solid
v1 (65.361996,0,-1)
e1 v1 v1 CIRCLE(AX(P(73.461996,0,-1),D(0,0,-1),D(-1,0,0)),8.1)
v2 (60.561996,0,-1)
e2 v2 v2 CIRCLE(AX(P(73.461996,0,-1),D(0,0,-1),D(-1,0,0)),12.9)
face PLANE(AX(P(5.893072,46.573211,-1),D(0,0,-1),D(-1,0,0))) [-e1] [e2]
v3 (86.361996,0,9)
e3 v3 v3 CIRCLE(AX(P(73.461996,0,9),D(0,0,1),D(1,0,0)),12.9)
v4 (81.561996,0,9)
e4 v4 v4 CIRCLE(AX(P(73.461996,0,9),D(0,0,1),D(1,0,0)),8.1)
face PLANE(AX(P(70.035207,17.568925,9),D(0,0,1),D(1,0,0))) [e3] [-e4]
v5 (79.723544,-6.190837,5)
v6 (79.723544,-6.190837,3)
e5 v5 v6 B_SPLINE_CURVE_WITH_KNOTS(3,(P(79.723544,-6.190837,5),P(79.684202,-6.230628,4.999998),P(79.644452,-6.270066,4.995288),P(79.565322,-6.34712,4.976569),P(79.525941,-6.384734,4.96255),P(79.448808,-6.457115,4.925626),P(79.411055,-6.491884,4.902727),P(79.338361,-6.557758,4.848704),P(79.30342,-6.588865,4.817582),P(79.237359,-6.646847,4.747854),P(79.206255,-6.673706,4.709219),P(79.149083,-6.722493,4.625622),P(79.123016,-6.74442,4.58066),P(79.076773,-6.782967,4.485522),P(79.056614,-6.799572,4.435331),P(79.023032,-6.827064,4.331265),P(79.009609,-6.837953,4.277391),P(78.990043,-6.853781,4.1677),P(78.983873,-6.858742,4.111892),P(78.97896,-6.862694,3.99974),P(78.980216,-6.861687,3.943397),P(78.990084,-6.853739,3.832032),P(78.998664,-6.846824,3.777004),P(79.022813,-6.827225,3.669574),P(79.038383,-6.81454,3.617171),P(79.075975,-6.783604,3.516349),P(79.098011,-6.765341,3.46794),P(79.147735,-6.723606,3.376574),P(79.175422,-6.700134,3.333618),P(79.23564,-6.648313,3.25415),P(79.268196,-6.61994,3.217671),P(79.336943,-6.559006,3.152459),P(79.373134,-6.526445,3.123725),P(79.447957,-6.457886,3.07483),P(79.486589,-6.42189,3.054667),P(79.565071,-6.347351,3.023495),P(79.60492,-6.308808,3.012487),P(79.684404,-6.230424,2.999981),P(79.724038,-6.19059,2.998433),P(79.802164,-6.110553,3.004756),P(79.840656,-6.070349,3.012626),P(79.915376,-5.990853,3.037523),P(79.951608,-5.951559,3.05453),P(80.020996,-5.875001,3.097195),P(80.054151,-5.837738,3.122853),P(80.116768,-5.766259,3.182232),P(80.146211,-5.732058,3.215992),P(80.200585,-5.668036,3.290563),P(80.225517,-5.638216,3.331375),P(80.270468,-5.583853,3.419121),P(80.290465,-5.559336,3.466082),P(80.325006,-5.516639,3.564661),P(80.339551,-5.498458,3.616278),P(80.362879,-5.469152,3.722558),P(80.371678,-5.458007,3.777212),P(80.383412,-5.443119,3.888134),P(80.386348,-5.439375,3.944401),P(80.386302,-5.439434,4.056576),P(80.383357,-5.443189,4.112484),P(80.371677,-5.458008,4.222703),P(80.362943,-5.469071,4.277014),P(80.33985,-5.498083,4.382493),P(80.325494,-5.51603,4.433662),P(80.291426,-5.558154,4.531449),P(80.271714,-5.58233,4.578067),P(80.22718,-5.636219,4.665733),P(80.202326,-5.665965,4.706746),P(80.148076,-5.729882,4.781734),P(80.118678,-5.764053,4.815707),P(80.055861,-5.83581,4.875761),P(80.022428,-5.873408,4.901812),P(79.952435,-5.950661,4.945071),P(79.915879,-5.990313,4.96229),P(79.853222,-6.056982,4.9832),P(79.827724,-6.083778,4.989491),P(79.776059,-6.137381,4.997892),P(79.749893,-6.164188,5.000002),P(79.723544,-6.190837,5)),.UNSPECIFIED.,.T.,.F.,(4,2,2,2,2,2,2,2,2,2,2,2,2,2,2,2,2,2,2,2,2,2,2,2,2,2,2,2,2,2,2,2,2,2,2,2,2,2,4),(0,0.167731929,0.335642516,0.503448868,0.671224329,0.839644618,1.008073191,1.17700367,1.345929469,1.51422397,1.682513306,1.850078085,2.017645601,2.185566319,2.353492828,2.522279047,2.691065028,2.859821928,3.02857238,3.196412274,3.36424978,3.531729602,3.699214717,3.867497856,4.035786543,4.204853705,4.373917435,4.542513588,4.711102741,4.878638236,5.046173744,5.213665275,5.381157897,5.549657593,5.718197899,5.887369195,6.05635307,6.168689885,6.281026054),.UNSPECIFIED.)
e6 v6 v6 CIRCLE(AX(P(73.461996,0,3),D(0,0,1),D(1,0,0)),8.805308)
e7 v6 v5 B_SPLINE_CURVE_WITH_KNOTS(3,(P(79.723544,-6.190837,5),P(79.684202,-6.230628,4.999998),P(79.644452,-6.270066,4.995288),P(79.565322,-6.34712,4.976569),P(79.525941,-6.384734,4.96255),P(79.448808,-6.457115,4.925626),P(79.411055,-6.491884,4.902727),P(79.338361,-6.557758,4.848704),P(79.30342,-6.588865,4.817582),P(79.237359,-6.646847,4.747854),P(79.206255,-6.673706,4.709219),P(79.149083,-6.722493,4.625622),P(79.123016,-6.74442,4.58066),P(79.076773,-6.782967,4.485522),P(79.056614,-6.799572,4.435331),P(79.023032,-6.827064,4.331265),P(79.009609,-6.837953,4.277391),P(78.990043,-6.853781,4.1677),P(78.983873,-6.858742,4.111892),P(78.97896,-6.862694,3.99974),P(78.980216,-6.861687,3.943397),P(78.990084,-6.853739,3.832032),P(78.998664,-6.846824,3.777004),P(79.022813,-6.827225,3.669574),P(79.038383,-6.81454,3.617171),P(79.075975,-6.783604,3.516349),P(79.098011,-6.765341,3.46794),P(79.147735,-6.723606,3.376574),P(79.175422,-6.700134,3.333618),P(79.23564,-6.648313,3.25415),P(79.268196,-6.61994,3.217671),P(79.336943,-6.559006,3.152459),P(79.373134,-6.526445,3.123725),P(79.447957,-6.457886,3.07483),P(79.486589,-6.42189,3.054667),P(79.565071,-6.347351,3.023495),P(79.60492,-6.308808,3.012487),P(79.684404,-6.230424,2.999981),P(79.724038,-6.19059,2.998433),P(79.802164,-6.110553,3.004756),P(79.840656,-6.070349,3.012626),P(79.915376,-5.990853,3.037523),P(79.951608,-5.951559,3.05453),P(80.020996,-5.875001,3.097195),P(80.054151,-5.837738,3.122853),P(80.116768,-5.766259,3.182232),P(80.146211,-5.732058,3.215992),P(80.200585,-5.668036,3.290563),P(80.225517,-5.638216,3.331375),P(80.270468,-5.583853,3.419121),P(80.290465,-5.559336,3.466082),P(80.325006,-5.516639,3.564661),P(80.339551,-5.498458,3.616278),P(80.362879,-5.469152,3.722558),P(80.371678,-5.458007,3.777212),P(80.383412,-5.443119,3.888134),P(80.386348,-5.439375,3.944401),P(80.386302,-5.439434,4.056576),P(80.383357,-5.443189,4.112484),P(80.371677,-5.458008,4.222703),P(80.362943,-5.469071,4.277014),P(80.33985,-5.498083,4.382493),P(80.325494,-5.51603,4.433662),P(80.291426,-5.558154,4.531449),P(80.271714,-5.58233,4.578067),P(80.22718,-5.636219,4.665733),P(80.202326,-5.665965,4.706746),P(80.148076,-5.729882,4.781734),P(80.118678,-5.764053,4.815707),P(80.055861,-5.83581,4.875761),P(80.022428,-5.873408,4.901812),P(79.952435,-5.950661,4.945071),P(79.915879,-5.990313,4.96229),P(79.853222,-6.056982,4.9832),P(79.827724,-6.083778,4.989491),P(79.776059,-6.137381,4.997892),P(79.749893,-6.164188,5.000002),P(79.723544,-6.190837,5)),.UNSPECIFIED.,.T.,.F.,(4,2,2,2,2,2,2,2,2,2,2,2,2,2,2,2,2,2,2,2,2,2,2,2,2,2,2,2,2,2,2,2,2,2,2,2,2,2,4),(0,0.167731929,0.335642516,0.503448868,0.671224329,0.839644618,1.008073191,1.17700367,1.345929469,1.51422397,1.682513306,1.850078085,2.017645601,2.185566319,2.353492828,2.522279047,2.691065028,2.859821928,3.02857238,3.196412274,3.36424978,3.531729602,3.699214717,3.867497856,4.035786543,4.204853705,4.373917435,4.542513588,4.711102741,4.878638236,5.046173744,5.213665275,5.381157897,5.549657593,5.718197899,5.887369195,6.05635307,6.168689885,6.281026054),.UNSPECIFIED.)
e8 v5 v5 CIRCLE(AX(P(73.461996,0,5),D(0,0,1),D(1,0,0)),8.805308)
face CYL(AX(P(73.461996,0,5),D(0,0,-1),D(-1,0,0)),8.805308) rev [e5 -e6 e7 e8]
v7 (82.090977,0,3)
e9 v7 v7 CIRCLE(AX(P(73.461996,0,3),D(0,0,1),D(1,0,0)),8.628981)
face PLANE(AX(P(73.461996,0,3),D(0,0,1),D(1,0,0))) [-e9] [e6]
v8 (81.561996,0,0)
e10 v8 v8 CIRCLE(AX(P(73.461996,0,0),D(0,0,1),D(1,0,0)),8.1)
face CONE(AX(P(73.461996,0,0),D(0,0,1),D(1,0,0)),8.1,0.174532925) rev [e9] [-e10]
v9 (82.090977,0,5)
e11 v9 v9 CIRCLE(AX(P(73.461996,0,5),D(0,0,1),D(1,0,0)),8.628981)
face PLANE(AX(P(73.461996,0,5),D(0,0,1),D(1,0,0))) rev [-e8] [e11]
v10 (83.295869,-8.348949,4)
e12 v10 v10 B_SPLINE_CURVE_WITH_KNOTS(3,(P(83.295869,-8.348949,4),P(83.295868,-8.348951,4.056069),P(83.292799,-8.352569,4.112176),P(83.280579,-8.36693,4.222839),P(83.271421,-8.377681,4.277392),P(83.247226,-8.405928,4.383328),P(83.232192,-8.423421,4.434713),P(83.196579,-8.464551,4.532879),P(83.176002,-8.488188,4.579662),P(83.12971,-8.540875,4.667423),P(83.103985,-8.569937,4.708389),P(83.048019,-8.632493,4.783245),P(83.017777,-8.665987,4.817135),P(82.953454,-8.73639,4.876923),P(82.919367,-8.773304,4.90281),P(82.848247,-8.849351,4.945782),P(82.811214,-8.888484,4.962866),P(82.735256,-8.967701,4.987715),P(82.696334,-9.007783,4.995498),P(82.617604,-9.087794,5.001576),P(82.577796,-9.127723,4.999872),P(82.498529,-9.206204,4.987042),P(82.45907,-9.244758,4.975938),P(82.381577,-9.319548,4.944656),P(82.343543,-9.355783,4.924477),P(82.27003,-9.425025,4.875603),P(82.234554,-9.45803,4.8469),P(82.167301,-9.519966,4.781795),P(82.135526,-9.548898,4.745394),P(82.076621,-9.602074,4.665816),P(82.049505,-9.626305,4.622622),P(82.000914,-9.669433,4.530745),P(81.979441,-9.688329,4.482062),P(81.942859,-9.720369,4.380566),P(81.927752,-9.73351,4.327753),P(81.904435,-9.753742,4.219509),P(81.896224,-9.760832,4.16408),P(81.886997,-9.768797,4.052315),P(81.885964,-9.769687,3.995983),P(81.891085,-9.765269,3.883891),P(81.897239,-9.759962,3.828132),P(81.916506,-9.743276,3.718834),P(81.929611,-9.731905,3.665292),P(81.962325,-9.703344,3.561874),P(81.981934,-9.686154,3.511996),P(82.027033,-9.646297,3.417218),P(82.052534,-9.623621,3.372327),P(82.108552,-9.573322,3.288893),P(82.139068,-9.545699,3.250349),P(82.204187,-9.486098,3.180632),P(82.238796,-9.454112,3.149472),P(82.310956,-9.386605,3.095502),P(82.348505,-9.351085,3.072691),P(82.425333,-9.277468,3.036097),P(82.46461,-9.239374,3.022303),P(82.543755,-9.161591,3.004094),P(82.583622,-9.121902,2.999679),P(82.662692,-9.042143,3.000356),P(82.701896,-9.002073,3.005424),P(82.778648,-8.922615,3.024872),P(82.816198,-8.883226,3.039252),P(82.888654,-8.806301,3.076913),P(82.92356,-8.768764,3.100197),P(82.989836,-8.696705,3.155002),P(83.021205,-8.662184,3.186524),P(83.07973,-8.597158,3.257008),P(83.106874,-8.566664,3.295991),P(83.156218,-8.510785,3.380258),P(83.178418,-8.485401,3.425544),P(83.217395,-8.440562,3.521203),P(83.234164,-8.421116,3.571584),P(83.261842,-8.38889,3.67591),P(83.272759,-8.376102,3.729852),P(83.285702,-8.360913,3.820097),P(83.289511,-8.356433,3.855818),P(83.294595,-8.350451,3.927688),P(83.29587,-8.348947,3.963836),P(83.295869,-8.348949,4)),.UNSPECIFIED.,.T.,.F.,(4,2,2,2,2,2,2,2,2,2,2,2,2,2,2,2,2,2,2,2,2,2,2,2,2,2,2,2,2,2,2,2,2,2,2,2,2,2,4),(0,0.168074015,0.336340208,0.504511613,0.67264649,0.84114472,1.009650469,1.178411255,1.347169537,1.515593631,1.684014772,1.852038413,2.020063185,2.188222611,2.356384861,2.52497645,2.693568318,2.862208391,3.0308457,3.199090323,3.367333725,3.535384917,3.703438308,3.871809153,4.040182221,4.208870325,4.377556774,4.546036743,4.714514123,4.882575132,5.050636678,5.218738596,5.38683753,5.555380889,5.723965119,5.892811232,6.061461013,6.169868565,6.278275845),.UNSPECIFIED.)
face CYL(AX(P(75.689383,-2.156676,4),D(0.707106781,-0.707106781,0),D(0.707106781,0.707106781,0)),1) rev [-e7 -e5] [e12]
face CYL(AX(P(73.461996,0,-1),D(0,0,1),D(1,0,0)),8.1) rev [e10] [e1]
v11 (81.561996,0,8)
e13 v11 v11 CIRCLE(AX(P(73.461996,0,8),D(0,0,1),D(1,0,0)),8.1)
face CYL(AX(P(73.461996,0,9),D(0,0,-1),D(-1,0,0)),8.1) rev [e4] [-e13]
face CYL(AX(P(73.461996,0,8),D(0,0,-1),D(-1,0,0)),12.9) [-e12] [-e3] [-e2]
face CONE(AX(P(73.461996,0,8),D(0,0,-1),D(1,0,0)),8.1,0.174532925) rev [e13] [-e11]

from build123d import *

# Parameters (mm, degrees)
SKETCH1_R               = 12.9
SKETCH1_R_2             = 8.1
BOSS_EXTRUDE1_DEPTH     = 8
CUT_EXTRUDE1_DEPTH      = 1
CUT_EXTRUDE1_DEPTH_BACK = 1
SKETCH3_R               = 8.805307923
SKETCH4_R               = 1
CUT_EXTRUDE2_DEPTH      = 6
FILLET1_R               = 3
FILLET2_R               = 5
SKETCH5_R               = 1
CUT_EXTRUDE3_DEPTH      = 10
DRAFT4_ANGLE            = -10
DRAFT6_ANGLE            = -10
SKETCH6_R               = 1
CUT_EXTRUDE4_DEPTH      = 10
BOSS_EXTRUDE3_START     = 1
SKETCH7_R               = 8.1
BOSS_EXTRUDE3_DEPTH     = 1
SKETCH11_R              = 8.1
BOSS_EXTRUDE4_DEPTH     = 1
SKETCH12_OUTSIDE_W      = 157.242
SKETCH12_OUTSIDE_H      = 107.242
SKETCH12_OUTSIDE_R      = 12.9
CUT_EXTRUDE5_DEPTH      = 108.3070569


with BuildPart() as part:
    # Sketch1 → Boss-Extrude1 (new body)
    # profile 1 of 8: a face of its own
    with BuildSketch(Plane.XY):
        with Locations((-26.538003558, 0)):
            Circle(SKETCH1_R)
        with Locations((-26.538003558, 0)):
            Circle(SKETCH1_R_2, mode=Mode.SUBTRACT)
    # profile 2 of 8: a face of its own
    with BuildSketch(Plane.XY):
        with BuildLine():
            ThreePointArc((-21.664910941, 11.944160429), (-17.46502072, 9.170113544), (-14.646409889, 5))
            Line((-14.646409889, 5), (-14.466935746, 5))
            Line((-14.466935746, 5), (18.588903825, 38.055839571))
            ThreePointArc((18.588903825, 38.055839571), (14.340318965, 40.878322523), (11.517836013, 45.126907383))
            Line((11.517836013, 45.126907383), (-21.664910941, 11.944160429))
        make_face()
    # profile 3 of 8: a face of its own
    with BuildSketch(Plane.XY):
        with BuildLine():
            Line((-14.466935746, 5), (-14.646409889, 5))
            ThreePointArc((-14.646409889, 5), (-14.619957589, 4.936616278), (-14.593843129, 4.873092617))
            Line((-14.593843129, 4.873092617), (-14.466935746, 5))
        make_face()
    # profile 4 of 8: a face of its own
    with BuildSketch(Plane.XY):
        with BuildLine():
            Line((61.39092863, 5), (-14.466935746, 5))
            Line((-14.466935746, 5), (-14.593843129, 4.873092617))
            ThreePointArc((-14.593843129, 4.873092617), (-13.879218673, 2.482975077), (-13.638003558, 0))
            ThreePointArc((-13.638003558, 0), (-13.892617871, -2.550337396), (-14.646409889, -5))
            Line((-14.646409889, -5), (61.570402773, -5))
            ThreePointArc((61.570402773, -5), (60.56217928, -0.068681781), (61.517836013, 4.873092617))
            Line((61.517836013, 4.873092617), (61.39092863, 5))
        make_face()
    # profile 5 of 8: a face of its own
    with BuildSketch(Plane.XY):
        with Locations((23.461996442, 50)):
            Circle(SKETCH1_R)
        with Locations((23.461996442, 50)):
            Circle(SKETCH1_R_2, mode=Mode.SUBTRACT)
    # profile 6 of 8: a face of its own
    with BuildSketch(Plane.XY):
        with BuildLine():
            Line((28.335089059, 38.055839571), (61.39092863, 5))
            Line((61.39092863, 5), (61.570402773, 5))
            ThreePointArc((61.570402773, 5), (64.389013604, 9.170113544), (68.588903825, 11.944160429))
            Line((68.588903825, 11.944160429), (35.406156871, 45.126907383))
            ThreePointArc((35.406156871, 45.126907383), (32.583673919, 40.878322523), (28.335089059, 38.055839571))
        make_face()
    # profile 7 of 8: a face of its own
    with BuildSketch(Plane.XY):
        with Locations((73.461996442, 0)):
            Circle(SKETCH1_R)
        with Locations((73.461996442, 0)):
            Circle(SKETCH1_R_2, mode=Mode.SUBTRACT)
    # profile 8 of 8: a face of its own
    with BuildSketch(Plane.XY):
        with BuildLine():
            Line((61.570402773, 5), (61.39092863, 5))
            Line((61.39092863, 5), (61.517836013, 4.873092617))
            ThreePointArc((61.517836013, 4.873092617), (61.543950473, 4.936616278), (61.570402773, 5))
        make_face()
    extrude(amount=BOSS_EXTRUDE1_DEPTH)

    # Sketch3 → Cut-Extrude1 (cut, two sides: drawn at the far end of the back side and taken through both)
    with BuildSketch(Plane.XY.offset(4).offset(-CUT_EXTRUDE1_DEPTH_BACK)):
        with Locations((-26.538003558, 0)):
            Circle(SKETCH3_R)
        with Locations((23.461996442, 50)):
            Circle(SKETCH3_R)
        with Locations((73.461996442, 0)):
            Circle(SKETCH3_R)
    extrude(amount=CUT_EXTRUDE1_DEPTH + CUT_EXTRUDE1_DEPTH_BACK, mode=Mode.SUBTRACT)

    # Sketch4 → Cut-Extrude2 (cut)
    with BuildSketch(Plane(origin=(0, 63.1, 0), x_dir=(-1, 0, 0), z_dir=(0, -1, 0))):
        with Locations(Location((-23.511996442, -4, 0), (0, 0, 270))):
            Circle(SKETCH4_R)
    extrude(amount=CUT_EXTRUDE2_DEPTH, mode=Mode.SUBTRACT)

    # Fillet1
    fillet1_edges = [part.edges().sort_by_distance(p)[0] for p in [
        (61.39092863, 5, 4),
        (28.335089059, 38.055839571, 4),
        (18.588903825, 38.055839571, 4),
        (-14.466935746, 5, 4),
    ]]
    fillet(fillet1_edges, radius=FILLET1_R)

    # Fillet2
    fillet2_edges = [part.edges().sort_by_distance(p)[0] for p in [
        (68.588903825, 11.944160429, 4),
        (61.570402773, -5, 4),
        (-14.646409889, -5, 4),
        (-21.664910941, 11.944160429, 4),
        (11.517836013, 45.126907383, 4),
        (35.406156871, 45.126907383, 4),
    ]]
    fillet(fillet2_edges, radius=FILLET2_R)

    # Sketch5 → Cut-Extrude3 (cut)
    with BuildSketch(Plane(origin=(45.994097055, -45.994097055, 0), x_dir=(0, 0, 1), z_dir=(-0.7071067811865489, 0.7071067811865462, 0))):
        with Locations(Location((4, 51.995475844, 0), (0, 0, 90))):
            Circle(SKETCH5_R)
    extrude(amount=CUT_EXTRUDE3_DEPTH, mode=Mode.SUBTRACT)

    # Draft4
    draft4_faces = [part.faces().sort_by_distance(p)[0] for p in [
        (-34.638003558, 0, 6.5),
        (15.361996442, 50, 6.5),
        (65.361996442, 0, 6.5),
    ]]
    draft(draft4_faces, Plane.XY.offset(8), DRAFT4_ANGLE)

    # Draft6
    draft6_faces = [part.faces().sort_by_distance(p)[0] for p in [
        (-34.638003558, 0, 1.5),
        (65.361996442, 0, 1.5),
        (15.361996442, 50, 1.5),
    ]]
    draft(draft6_faces, Plane(origin=(0, 0, 0), x_dir=(-1, 0, 0), z_dir=(0, 0, -1)), DRAFT6_ANGLE)

    # Sketch6 → Cut-Extrude4 (cut)
    with BuildSketch(Plane(origin=(-22.532100613, -22.532100613, 0), x_dir=(0, 0, -1), z_dir=(0.7071067811865486, 0.7071067811865465, 0))):
        with Locations(Location((-4, 18.715202275, 0), (0, 0, 270))):
            Circle(SKETCH6_R)
    extrude(amount=CUT_EXTRUDE4_DEPTH, mode=Mode.SUBTRACT)

    # Sketch7 → Boss-Extrude3 (add)
    with BuildSketch(Plane.XY.offset(8).offset(BOSS_EXTRUDE3_START)):
        with BuildLine():
            Line((66.499673424, 14.03339083), (37.495387272, 43.037676982))
            ThreePointArc((37.495387272, 43.037676982), (36.248927219, 45.112891138), (36.123400302, 47.53041455))
            ThreePointArc((36.123400302, 47.53041455), (23.461996442, 62.9), (10.800592582, 47.53041455))
            ThreePointArc((10.800592582, 47.53041455), (10.675065665, 45.112891138), (9.428605612, 43.037676982))
            Line((9.428605612, 43.037676982), (-19.57568054, 14.03339083))
            ThreePointArc((-19.57568054, 14.03339083), (-21.650894696, 12.786930777), (-24.068418108, 12.66140386))
            ThreePointArc((-24.068418108, 12.66140386), (-38.456049527, -4.936616278), (-15.838778411, -7.206703911))
            ThreePointArc((-15.838778411, -7.206703911), (-14.040570278, -5.586017646), (-11.69179192, -5))
            Line((-11.69179192, -5), (58.615784804, -5))
            ThreePointArc((58.615784804, -5), (60.964563162, -5.586017646), (62.762771295, -7.206703911))
            ThreePointArc((62.762771295, -7.206703911), (85.380042411, -4.936616278), (70.992410992, 12.66140386))
            ThreePointArc((70.992410992, 12.66140386), (68.57488758, 12.786930777), (66.499673424, 14.03339083))
        make_face()
        with Locations((-26.538003558, 0)):
            Circle(SKETCH7_R, mode=Mode.SUBTRACT)
        with Locations((73.461996442, 0)):
            Circle(SKETCH7_R, mode=Mode.SUBTRACT)
        with Locations((23.461996442, 50)):
            Circle(SKETCH7_R, mode=Mode.SUBTRACT)
        with BuildLine():
            Line((-7.224295059, 5), (54.148287943, 5))
            ThreePointArc((54.148287943, 5), (56.919926541, 6.851949703), (56.269608287, 10.121320344))
            Line((56.269608287, 10.121320344), (29.642686082, 36.748242548))
            ThreePointArc((29.642686082, 36.748242548), (28.303088236, 37.523283704), (26.755447003, 37.52750292))
            ThreePointArc((26.755447003, 37.52750292), (23.461996442, 37.1), (20.168545881, 37.52750292))
            ThreePointArc((20.168545881, 37.52750292), (18.620904648, 37.523283704), (17.281306802, 36.748242548))
            Line((17.281306802, 36.748242548), (-9.345615403, 10.121320344))
            ThreePointArc((-9.345615403, 10.121320344), (-9.995933657, 6.851949703), (-7.224295059, 5))
        make_face(mode=Mode.SUBTRACT)
    extrude(amount=-BOSS_EXTRUDE3_DEPTH)

    # Sketch11 → Boss-Extrude4 (add)
    with BuildSketch(Plane(origin=(0, 0, 0), x_dir=(-1, 0, 0), z_dir=(0, 0, -1))):
        with BuildLine():
            Line((-37.495387272, 43.037676982), (-66.499673424, 14.03339083))
            ThreePointArc((-66.499673424, 14.03339083), (-68.57488758, 12.786930777), (-70.992410992, 12.66140386))
            ThreePointArc((-70.992410992, 12.66140386), (-85.380042411, -4.936616278), (-62.762771295, -7.206703911))
            ThreePointArc((-62.762771295, -7.206703911), (-60.964563162, -5.586017646), (-58.615784804, -5))
            Line((-58.615784804, -5), (11.69179192, -5))
            ThreePointArc((11.69179192, -5), (14.040570278, -5.586017646), (15.838778411, -7.206703911))
            ThreePointArc((15.838778411, -7.206703911), (38.456049527, -4.936616278), (24.068418108, 12.66140386))
            ThreePointArc((24.068418108, 12.66140386), (21.650894696, 12.786930777), (19.57568054, 14.03339083))
            Line((19.57568054, 14.03339083), (-9.428605612, 43.037676982))
            ThreePointArc((-9.428605612, 43.037676982), (-10.675065665, 45.112891138), (-10.800592582, 47.53041455))
            ThreePointArc((-10.800592582, 47.53041455), (-23.461996442, 62.9), (-36.123400302, 47.53041455))
            ThreePointArc((-36.123400302, 47.53041455), (-36.248927219, 45.112891138), (-37.495387272, 43.037676982))
        make_face()
        with Locations(Location((-73.461996442, 0, 0), (0, 0, 180))):
            Circle(SKETCH11_R, mode=Mode.SUBTRACT)
        with Locations(Location((-23.461996442, 50, 0), (0, 0, 180))):
            Circle(SKETCH11_R, mode=Mode.SUBTRACT)
        with Locations(Location((26.538003558, 0, 0), (0, 0, 180))):
            Circle(SKETCH11_R, mode=Mode.SUBTRACT)
        with BuildLine():
            Line((-17.281306802, 36.748242548), (9.345615403, 10.121320344))
            ThreePointArc((9.345615403, 10.121320344), (9.995933657, 6.851949703), (7.224295059, 5))
            Line((7.224295059, 5), (-54.148287943, 5))
            ThreePointArc((-54.148287943, 5), (-56.919926541, 6.851949703), (-56.269608287, 10.121320344))
            Line((-56.269608287, 10.121320344), (-29.642686082, 36.748242548))
            ThreePointArc((-29.642686082, 36.748242548), (-28.303088236, 37.523283704), (-26.755447003, 37.52750292))
            ThreePointArc((-26.755447003, 37.52750292), (-23.461996442, 37.1), (-20.168545881, 37.52750292))
            ThreePointArc((-20.168545881, 37.52750292), (-18.620904648, 37.523283704), (-17.281306802, 36.748242548))
        make_face(mode=Mode.SUBTRACT)
    extrude(amount=BOSS_EXTRUDE4_DEPTH)

    # Sketch12 outside → Cut-Extrude5 (cut, through all)
    with BuildSketch(Plane(origin=(0, 0, -1), x_dir=(-1, 0, 0), z_dir=(0, 0, -1))):
        with Locations((-23.462, 25)):
            Rectangle(SKETCH12_OUTSIDE_W, SKETCH12_OUTSIDE_H)
        with Locations((-73.461996442, 0)):
            Circle(SKETCH12_OUTSIDE_R, mode=Mode.SUBTRACT)
    extrude(amount=-CUT_EXTRUDE5_DEPTH, mode=Mode.SUBTRACT)


solid = part.part
